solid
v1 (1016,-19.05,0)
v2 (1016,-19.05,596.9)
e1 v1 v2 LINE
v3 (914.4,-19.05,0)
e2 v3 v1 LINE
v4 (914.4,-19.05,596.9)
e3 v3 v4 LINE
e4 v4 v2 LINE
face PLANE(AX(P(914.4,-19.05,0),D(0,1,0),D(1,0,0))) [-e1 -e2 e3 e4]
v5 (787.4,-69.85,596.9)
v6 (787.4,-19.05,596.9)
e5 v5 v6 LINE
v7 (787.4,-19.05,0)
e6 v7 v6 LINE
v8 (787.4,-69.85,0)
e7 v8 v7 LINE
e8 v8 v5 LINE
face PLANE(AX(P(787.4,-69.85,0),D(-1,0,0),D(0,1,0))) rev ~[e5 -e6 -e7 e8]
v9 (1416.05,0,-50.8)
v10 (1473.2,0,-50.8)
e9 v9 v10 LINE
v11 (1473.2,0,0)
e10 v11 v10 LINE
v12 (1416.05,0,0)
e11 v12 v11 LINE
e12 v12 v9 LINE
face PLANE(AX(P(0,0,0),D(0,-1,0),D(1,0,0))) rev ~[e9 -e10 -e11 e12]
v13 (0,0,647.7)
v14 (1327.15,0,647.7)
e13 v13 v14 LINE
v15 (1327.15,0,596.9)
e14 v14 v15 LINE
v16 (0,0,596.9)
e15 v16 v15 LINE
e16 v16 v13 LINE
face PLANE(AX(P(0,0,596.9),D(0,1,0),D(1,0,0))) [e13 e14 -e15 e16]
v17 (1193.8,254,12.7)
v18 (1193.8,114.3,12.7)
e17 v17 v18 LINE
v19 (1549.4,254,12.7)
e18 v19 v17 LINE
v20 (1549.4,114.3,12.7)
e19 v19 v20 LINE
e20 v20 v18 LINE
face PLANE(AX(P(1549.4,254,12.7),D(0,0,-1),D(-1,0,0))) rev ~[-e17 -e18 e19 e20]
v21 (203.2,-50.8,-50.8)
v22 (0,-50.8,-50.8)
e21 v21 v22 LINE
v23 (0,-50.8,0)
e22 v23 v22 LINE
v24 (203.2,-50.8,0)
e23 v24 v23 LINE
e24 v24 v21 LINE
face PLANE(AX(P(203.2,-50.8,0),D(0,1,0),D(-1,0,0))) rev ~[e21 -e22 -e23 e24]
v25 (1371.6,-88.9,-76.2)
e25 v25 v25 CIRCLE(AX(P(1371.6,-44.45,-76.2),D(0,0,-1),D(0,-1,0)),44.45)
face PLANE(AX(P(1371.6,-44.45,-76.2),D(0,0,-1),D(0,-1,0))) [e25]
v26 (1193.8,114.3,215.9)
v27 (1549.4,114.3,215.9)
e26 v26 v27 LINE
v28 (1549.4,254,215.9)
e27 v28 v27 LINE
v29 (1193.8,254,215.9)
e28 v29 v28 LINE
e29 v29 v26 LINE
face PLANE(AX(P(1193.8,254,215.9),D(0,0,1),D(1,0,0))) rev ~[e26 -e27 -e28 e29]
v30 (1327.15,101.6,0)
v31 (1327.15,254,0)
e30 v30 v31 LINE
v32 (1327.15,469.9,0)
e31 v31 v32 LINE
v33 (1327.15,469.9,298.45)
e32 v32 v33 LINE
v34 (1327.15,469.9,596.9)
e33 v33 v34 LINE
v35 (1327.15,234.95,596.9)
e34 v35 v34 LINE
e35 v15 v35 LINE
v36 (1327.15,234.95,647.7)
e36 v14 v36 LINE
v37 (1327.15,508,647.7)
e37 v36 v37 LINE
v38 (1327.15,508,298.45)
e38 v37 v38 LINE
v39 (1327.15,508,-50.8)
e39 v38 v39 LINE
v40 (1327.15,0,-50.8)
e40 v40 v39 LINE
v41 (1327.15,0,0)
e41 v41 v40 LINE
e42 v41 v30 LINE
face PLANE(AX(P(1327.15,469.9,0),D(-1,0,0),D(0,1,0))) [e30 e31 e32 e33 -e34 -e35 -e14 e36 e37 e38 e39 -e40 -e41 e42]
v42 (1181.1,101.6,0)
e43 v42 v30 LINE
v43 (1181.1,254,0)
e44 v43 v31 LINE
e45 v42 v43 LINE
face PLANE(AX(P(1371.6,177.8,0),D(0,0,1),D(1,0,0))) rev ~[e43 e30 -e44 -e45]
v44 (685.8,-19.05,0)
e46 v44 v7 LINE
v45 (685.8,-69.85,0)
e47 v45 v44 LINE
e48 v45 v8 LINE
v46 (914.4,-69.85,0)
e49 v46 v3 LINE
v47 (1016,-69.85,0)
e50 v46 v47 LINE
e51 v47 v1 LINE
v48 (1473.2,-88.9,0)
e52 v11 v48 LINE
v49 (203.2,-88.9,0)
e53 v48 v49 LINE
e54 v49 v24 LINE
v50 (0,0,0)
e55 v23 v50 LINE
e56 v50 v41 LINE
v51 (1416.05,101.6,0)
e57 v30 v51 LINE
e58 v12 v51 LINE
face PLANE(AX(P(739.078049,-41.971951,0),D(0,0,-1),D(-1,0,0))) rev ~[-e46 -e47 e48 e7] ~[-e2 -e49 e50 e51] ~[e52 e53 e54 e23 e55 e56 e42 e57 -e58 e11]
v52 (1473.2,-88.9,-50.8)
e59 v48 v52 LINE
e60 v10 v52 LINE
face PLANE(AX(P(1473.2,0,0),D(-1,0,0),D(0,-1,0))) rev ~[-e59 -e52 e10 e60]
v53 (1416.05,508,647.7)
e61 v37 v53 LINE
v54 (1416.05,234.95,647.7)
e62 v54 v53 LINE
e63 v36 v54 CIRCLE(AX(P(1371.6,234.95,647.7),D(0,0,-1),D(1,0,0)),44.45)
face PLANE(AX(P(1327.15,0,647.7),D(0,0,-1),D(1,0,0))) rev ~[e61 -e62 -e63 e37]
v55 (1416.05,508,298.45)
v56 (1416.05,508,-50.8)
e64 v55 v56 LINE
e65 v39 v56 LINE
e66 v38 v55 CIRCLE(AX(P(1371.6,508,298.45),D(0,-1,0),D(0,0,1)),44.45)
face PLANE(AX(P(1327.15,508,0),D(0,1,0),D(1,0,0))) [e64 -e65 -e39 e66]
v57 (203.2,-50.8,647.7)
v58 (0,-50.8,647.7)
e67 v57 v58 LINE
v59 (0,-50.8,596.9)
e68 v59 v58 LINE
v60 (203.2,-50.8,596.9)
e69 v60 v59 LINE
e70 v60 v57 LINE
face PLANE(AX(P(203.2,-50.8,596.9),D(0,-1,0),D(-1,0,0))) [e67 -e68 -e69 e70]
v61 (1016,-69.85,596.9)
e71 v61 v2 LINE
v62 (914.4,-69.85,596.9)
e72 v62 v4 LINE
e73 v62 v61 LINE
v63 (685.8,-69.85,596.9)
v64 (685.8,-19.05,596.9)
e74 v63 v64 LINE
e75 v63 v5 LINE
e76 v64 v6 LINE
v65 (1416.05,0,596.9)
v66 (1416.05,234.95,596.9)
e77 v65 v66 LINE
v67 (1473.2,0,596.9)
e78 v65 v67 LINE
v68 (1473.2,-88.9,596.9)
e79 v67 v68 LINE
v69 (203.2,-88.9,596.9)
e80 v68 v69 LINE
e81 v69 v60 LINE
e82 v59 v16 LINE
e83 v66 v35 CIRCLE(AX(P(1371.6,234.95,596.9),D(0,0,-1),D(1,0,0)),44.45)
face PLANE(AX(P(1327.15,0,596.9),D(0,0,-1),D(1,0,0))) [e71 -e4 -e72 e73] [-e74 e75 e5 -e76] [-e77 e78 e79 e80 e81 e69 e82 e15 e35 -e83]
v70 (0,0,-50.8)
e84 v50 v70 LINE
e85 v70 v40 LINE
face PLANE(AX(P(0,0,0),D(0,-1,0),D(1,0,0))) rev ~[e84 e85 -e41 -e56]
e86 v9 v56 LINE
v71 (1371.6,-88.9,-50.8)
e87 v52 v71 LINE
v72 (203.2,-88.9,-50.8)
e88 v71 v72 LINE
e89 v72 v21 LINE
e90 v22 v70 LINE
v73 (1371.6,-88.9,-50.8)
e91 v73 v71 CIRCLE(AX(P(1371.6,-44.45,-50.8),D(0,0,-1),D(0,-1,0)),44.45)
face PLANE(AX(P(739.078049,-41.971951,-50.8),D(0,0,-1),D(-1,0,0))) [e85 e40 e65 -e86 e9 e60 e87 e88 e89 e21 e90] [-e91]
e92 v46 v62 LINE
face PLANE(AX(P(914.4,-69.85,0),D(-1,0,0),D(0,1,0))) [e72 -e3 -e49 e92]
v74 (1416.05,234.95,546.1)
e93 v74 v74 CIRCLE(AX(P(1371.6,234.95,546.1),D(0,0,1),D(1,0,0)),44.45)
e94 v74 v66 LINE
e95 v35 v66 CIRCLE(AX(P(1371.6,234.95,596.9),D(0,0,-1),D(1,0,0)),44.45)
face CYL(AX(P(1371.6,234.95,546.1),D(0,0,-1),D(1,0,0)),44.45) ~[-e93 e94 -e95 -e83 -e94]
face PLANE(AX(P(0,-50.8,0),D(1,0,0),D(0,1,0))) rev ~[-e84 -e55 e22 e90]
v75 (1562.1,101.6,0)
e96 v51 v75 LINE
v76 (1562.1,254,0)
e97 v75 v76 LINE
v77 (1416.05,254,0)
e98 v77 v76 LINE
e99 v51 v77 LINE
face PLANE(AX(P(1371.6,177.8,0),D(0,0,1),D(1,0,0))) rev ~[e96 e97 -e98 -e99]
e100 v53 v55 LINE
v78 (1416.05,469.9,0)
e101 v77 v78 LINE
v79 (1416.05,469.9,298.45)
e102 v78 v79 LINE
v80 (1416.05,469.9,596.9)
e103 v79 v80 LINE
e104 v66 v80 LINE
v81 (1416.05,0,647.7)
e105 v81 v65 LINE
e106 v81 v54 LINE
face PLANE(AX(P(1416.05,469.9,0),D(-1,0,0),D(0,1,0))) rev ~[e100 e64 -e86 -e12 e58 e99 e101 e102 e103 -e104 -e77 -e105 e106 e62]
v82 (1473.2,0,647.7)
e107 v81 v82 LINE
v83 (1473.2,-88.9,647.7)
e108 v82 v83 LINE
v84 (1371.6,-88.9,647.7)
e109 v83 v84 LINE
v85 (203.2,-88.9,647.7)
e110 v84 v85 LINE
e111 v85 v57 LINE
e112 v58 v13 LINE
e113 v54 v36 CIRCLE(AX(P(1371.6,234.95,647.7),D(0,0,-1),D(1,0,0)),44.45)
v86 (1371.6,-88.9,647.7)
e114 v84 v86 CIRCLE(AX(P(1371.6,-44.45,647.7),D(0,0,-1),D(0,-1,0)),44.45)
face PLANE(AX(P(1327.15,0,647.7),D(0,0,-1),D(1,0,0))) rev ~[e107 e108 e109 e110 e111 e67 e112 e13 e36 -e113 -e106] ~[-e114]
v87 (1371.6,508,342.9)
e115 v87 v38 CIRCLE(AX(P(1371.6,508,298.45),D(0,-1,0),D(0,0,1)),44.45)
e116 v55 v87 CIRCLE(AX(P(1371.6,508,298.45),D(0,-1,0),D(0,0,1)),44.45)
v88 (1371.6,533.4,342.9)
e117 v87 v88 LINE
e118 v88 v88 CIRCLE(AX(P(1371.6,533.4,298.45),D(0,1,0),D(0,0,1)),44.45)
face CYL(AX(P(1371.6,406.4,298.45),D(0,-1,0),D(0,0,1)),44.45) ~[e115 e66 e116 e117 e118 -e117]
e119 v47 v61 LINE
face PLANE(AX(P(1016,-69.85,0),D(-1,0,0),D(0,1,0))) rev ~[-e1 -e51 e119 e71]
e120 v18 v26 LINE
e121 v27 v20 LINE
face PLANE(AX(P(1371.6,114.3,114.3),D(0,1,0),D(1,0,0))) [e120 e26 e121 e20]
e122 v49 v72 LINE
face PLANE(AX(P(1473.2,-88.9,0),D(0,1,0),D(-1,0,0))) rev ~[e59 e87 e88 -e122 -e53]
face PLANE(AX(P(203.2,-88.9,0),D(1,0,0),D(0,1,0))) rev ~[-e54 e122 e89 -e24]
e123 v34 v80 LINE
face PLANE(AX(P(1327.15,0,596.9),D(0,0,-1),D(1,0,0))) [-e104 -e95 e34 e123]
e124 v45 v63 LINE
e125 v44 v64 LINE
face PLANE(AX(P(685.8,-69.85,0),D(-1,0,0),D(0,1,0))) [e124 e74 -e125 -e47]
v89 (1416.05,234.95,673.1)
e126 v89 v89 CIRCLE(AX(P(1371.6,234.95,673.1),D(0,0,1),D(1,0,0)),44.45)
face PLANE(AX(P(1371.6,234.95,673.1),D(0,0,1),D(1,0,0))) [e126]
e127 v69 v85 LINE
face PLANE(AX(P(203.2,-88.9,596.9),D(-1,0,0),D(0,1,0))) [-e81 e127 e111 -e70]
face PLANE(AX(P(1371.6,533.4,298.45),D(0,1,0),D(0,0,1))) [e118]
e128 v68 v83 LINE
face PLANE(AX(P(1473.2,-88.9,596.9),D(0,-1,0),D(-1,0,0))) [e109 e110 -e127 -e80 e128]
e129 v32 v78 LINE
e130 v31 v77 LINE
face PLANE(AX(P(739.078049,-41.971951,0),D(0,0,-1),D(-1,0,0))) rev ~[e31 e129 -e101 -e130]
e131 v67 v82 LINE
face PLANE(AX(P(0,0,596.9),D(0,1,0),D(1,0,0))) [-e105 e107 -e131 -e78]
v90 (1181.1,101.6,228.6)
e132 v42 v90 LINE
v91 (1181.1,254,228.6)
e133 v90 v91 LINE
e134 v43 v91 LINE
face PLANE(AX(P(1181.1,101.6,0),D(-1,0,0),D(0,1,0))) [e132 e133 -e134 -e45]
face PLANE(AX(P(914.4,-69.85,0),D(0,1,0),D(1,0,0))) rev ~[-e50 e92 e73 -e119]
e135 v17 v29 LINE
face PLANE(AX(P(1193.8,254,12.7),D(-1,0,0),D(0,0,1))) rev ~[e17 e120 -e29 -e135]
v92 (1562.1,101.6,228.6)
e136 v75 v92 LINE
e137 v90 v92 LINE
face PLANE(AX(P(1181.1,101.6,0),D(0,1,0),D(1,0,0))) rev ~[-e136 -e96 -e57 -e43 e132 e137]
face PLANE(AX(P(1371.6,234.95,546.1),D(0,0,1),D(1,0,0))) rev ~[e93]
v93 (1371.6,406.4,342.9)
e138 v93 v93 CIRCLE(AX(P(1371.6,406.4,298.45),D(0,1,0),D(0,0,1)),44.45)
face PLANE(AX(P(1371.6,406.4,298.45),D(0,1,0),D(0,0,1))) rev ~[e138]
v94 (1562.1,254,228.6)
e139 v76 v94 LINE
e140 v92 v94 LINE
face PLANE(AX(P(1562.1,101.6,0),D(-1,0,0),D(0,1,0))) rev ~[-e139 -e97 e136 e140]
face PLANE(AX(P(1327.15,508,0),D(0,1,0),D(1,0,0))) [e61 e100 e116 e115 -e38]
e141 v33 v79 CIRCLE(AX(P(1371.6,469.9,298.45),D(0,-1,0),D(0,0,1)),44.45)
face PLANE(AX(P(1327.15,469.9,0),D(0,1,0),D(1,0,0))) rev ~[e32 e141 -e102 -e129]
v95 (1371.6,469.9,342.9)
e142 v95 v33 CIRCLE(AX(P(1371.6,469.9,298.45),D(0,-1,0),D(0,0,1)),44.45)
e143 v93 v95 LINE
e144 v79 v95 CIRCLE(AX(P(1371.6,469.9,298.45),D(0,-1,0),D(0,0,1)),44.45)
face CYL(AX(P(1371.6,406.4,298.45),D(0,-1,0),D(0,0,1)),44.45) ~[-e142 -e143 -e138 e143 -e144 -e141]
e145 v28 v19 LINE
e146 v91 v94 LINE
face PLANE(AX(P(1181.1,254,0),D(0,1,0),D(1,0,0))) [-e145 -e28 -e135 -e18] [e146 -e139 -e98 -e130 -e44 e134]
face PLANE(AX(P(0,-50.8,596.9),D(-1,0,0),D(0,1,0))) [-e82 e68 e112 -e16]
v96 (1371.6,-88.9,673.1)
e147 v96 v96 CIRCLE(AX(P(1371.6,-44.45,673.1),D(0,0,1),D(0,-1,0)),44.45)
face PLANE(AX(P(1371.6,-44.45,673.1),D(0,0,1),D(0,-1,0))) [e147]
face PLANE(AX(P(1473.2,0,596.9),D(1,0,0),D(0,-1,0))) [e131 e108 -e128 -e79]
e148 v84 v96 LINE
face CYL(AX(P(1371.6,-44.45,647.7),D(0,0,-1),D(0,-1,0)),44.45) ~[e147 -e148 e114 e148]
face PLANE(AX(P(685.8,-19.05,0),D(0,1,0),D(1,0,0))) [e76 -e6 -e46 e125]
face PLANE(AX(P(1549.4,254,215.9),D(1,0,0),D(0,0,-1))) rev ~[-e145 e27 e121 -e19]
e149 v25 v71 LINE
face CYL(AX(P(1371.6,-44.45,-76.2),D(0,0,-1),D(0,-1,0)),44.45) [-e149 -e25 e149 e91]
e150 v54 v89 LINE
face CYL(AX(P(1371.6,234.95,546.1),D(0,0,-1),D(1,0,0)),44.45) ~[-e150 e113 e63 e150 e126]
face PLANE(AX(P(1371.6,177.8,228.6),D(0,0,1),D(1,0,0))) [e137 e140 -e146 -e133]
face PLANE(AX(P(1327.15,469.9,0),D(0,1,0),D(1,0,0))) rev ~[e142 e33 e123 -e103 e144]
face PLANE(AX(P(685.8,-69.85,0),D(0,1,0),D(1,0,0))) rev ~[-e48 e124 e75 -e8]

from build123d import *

# Parameters (mm, degrees)
BOSS_EXTRUDE1_DEPTH      = 50.8
BOSS_EXTRUDE2_DEPTH      = 50.8
SKETCH5_W                = 101.6
SKETCH5_H                = 50.8
BOSS_EXTRUDE3_DEPTH      = 596.9
SKETCH6_R                = 44.45
BOSS_EXTRUDE4_DEPTH      = 25.4
SKETCH7_W                = 88.9
SKETCH7_H                = 50.8
BOSS_EXTRUDE5_DEPTH      = 508
SKETCH8_W                = 88.9
SKETCH8_H                = 38.1
BOSS_EXTRUDE6_DEPTH      = 596.9
SKETCH10_W               = 381
SKETCH10_H               = 152.4
BOSS_EXTRUDE7_DEPTH      = 228.6
CUT_EXTRUDE1_DEPTH       = 139.7
BOSS_EXTRUDE8_DEPTH      = 25.4
BOSS_EXTRUDE8_DEPTH_BACK = 101.6
SKETCH13_R               = 44.45
BOSS_EXTRUDE9_DEPTH      = 25.4
BOSS_EXTRUDE9_DEPTH_BACK = 101.6
SKETCH14_R               = 44.45
BOSS_EXTRUDE10_START     = 25.4
SKETCH15_R               = 44.45
BOSS_EXTRUDE10_DEPTH     = 25.4


with BuildPart() as part:
    # Sketch1 → Boss-Extrude1 (new body)
    with BuildSketch(Plane.XY):
        Polygon((0, 0), (1473.2, 0), (1473.2, -88.9), (203.2, -88.9), (203.2, -50.8), (0, -50.8), align=None)
    extrude(amount=-BOSS_EXTRUDE1_DEPTH)



with BuildPart() as body_2:
    # Sketch4 → Boss-Extrude2 (new body)
    with BuildSketch(Plane.XY.offset(596.9)):
        Polygon((0, 0), (1473.2, 0), (1473.2, -88.9), (203.2, -88.9), (203.2, -50.8), (0, -50.8), align=None)
    extrude(amount=BOSS_EXTRUDE2_DEPTH)


with BuildPart() as part_1:
    add(part.part)

    add(body_2.part)  # Boss-Extrude3 merges body 2
    # Sketch5 → Boss-Extrude3 (add)
    with BuildSketch(Plane.XY):
        with Locations((965.2, -44.45)):
            Rectangle(SKETCH5_W, SKETCH5_H)
        with Locations((736.6, -44.45)):
            Rectangle(SKETCH5_W, SKETCH5_H)
    extrude(amount=BOSS_EXTRUDE3_DEPTH)

    # Sketch6 → Boss-Extrude4 (add)
    with BuildSketch(Plane.XY.offset(647.7)):
        with Locations(Location((1371.6, -44.45, 0), (0, 0, 270))):
            Circle(SKETCH6_R)
    extrude(amount=BOSS_EXTRUDE4_DEPTH)

    # Sketch7 → Boss-Extrude5 (add)
    with BuildSketch(Plane(origin=(0, 0, 0), x_dir=(1, 0, 0), z_dir=(0, 1, 0))):
        with Locations((1371.6, -622.3)):
            Rectangle(SKETCH7_W, SKETCH7_H)
        with Locations((1371.6, 25.4)):
            Rectangle(SKETCH7_W, SKETCH7_H)
    extrude(amount=BOSS_EXTRUDE5_DEPTH)

    # Sketch8 → Boss-Extrude6 (add)
    with BuildSketch(Plane.XY):
        with Locations((1371.6, 488.95)):
            Rectangle(SKETCH8_W, SKETCH8_H)
    extrude(amount=BOSS_EXTRUDE6_DEPTH)

    # Sketch10 → Boss-Extrude7 (add)
    with BuildSketch(Plane.XY):
        with Locations((1371.6, 177.8)):
            Rectangle(SKETCH10_W, SKETCH10_H)
    extrude(amount=BOSS_EXTRUDE7_DEPTH)

    # Sketch11 → Cut-Extrude1 (cut)
    with BuildSketch(Plane(origin=(0, 254, 0), x_dir=(1, 0, 0), z_dir=(0, 1, 0))):
        Polygon((1549.4, -12.7), (1416.05, -12.7), (1327.15, -12.7), (1193.8, -12.7), (1193.8, -215.9), (1549.4, -215.9), align=None)
    extrude(amount=-CUT_EXTRUDE1_DEPTH, mode=Mode.SUBTRACT)

    # Sketch13 → Boss-Extrude8 (add, two sides: drawn at the far end of the back side and taken through both)
    with BuildSketch(Plane(origin=(0, 508, 0), x_dir=(1, 0, 0), z_dir=(0, 1, 0)).offset(-BOSS_EXTRUDE8_DEPTH_BACK)):
        with Locations(Location((1371.6, -298.45, 0), (0, 0, 270))):
            Circle(SKETCH13_R)
    extrude(amount=BOSS_EXTRUDE8_DEPTH + BOSS_EXTRUDE8_DEPTH_BACK)

    # Sketch14 → Boss-Extrude9 (add, two sides: drawn at the far end of the back side and taken through both)
    with BuildSketch(Plane.XY.offset(647.7).offset(-BOSS_EXTRUDE9_DEPTH_BACK)):
        with Locations((1371.6, 234.95)):
            Circle(SKETCH14_R)
    extrude(amount=BOSS_EXTRUDE9_DEPTH + BOSS_EXTRUDE9_DEPTH_BACK)

    # Sketch15 → Boss-Extrude10 (add)
    with BuildSketch(Plane(origin=(0, 0, -50.8), x_dir=(-1, 0, 0), z_dir=(0, 0, -1)).offset(BOSS_EXTRUDE10_START)):
        with Locations(Location((-1371.6, -44.45, 0), (0, 0, 270))):
            Circle(SKETCH15_R)
    extrude(amount=-BOSS_EXTRUDE10_DEPTH)


solid = part_1.part
